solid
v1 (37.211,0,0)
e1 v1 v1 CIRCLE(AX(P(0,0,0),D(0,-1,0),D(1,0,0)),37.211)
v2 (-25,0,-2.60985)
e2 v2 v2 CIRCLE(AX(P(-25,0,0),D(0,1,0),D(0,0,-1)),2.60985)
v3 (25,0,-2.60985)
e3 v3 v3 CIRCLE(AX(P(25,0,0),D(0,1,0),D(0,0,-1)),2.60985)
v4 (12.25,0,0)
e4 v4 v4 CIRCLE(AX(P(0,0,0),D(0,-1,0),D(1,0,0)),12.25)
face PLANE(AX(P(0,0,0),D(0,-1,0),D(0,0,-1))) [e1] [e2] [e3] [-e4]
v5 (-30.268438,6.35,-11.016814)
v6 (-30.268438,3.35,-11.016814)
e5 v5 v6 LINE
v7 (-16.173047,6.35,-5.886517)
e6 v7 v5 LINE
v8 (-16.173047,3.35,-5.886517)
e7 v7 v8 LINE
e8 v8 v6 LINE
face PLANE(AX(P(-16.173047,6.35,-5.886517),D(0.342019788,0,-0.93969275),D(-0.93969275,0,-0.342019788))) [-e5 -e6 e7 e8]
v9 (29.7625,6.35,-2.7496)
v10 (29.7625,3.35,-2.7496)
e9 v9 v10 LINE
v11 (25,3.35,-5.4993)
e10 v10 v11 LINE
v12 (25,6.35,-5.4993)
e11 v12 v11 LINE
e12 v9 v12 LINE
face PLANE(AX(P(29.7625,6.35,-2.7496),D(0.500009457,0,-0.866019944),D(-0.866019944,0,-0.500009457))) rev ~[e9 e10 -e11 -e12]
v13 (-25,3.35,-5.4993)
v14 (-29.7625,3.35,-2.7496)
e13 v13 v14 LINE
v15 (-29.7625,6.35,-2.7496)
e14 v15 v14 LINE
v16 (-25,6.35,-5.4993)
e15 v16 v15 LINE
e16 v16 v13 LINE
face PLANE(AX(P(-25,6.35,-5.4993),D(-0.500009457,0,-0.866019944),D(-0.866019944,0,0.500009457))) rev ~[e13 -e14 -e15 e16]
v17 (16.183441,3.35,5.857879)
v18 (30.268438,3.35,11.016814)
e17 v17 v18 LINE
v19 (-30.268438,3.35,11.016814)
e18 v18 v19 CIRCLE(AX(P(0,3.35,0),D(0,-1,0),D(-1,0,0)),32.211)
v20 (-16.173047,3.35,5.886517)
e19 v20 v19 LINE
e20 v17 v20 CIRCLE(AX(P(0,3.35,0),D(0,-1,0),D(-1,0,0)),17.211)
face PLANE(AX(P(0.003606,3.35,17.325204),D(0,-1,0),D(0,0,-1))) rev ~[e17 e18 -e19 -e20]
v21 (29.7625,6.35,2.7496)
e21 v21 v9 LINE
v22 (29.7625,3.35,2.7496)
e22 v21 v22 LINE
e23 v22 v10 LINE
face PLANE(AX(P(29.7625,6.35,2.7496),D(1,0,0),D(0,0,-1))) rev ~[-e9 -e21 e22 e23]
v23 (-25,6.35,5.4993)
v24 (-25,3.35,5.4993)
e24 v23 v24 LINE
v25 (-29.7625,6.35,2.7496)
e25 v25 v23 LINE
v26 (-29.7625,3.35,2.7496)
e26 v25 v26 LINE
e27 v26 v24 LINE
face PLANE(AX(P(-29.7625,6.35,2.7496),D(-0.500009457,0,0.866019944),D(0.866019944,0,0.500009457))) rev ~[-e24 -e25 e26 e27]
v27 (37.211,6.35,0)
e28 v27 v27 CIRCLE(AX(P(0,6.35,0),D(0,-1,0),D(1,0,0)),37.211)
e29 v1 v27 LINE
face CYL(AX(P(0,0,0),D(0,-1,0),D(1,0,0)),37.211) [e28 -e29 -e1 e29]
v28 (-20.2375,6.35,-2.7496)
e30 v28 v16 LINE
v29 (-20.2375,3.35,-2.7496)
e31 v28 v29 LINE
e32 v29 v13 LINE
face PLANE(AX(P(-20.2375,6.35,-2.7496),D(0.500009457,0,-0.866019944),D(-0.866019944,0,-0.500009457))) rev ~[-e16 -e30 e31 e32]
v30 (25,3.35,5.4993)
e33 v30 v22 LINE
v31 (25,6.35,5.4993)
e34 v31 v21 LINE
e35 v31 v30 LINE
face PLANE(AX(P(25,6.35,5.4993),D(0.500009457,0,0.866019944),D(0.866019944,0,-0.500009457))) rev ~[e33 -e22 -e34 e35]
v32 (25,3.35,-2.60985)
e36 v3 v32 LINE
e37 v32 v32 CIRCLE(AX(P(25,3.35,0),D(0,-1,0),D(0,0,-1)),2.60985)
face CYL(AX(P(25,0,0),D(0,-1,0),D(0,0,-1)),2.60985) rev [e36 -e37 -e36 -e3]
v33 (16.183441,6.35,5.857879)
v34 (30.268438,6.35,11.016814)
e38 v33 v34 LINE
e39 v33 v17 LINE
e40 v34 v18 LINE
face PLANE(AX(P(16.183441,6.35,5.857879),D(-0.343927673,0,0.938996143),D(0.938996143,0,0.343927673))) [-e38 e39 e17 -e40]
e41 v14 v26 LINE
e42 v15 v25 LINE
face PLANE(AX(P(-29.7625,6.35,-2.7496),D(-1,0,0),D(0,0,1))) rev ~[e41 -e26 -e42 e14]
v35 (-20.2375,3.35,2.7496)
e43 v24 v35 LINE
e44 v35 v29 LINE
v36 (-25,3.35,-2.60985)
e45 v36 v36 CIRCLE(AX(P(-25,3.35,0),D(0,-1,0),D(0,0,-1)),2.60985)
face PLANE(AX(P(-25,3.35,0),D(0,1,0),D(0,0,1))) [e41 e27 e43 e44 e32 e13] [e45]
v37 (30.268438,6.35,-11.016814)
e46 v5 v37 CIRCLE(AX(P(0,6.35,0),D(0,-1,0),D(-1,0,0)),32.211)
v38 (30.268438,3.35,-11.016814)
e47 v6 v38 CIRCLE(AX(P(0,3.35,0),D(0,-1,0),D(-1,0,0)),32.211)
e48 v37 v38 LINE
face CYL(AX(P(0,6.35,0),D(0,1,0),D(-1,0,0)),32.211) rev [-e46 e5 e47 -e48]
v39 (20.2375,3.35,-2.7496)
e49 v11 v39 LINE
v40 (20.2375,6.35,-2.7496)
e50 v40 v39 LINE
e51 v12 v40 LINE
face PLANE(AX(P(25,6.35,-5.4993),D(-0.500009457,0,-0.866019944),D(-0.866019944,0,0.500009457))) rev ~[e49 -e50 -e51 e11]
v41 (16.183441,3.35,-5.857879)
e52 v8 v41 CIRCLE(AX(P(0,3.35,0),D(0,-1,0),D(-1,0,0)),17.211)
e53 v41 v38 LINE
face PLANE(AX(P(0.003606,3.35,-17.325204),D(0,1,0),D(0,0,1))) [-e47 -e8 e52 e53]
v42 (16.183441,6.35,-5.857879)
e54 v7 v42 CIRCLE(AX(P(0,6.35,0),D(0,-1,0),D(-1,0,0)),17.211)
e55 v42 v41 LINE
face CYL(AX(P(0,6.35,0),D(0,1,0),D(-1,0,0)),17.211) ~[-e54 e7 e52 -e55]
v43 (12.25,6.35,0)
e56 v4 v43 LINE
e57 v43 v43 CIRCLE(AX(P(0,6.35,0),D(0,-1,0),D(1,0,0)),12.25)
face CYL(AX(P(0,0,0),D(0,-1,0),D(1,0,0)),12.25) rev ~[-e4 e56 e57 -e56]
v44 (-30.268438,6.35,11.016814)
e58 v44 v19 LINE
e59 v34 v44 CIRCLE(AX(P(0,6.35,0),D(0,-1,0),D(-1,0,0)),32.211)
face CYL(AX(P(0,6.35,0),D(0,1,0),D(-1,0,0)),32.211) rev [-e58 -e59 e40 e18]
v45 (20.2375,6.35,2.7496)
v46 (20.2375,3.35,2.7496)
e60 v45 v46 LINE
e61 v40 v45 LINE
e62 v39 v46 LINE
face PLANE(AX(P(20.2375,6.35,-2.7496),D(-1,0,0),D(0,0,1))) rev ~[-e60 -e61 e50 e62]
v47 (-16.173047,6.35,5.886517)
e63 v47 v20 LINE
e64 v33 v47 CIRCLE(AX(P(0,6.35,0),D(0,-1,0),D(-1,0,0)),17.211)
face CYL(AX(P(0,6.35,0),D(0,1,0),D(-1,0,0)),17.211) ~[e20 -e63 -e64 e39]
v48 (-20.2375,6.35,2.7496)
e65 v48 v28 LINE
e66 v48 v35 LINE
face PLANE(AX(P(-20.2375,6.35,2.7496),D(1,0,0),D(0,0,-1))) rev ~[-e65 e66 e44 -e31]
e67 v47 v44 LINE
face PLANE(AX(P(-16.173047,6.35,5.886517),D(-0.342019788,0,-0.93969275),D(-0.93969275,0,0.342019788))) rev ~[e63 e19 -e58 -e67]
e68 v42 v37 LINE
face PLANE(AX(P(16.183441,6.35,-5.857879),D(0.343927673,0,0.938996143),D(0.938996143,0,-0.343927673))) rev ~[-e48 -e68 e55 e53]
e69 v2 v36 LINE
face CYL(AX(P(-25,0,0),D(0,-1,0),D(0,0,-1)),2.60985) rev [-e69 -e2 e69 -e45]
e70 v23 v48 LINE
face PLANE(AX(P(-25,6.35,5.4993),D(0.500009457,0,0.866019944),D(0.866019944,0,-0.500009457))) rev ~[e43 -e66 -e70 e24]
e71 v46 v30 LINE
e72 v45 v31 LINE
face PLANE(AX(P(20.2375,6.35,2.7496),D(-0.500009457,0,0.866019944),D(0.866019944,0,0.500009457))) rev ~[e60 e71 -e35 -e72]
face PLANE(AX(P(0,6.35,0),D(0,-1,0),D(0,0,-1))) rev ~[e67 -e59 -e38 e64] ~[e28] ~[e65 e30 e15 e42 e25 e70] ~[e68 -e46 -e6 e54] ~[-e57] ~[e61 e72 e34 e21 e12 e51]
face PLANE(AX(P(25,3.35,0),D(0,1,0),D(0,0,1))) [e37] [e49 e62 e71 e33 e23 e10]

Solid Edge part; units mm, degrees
sketch "Sketch1" plane through (0, 0, 0) normal (0, -1, 0) x (1, 0, 0)
  circle A0 centre (0, 0) radius 37.211
  circle A1 centre (0, 0) radius 12.25
  dimension "D1" = 74.422
  dimension "D2" = 24.5
extrude "Protrusion1" add sketch "Sketch1" against normal blind 6.35
extrude "Cutout1" [suppressed]
pattern "Pattern1" [suppressed]
hole "Hole_1" at (25, 0, 0) direction (0, 1, 0) diameter 5.2197 end up to next
hole "Hole1" at (-25, 0, 0) direction (0, 1, 0) diameter 5.2197 end up to next
sketch "Sketch2" plane through (0, 6.35, 0) normal (0, 1, 0) x (-1, 0, 0)
  line L0 (25, -5.4993) -> (29.7625, -2.7496)
  line L1 (29.7625, -2.7496) -> (29.7625, 2.7496)
  line L2 (29.7625, 2.7496) -> (25, 5.4993)
  line L3 (25, 5.4993) -> (20.2375, 2.7496)
  line L4 (20.2375, 2.7496) -> (20.2375, -2.7496)
  line L5 (20.2375, -2.7496) -> (25, -5.4993)
  line L6 (-25, -5.4993) -> (-20.2375, -2.7496)
  line L7 (-20.2375, -2.7496) -> (-20.2375, 2.7496)
  line L8 (-20.2375, 2.7496) -> (-25, 5.4993)
  line L9 (-25, 5.4993) -> (-29.7625, 2.7496)
  line L10 (-29.7625, 2.7496) -> (-29.7625, -2.7496)
  line L11 (-29.7625, -2.7496) -> (-25, -5.4993)
  dimension "D1" = 9.525
  dimension "D2" = 9.525
extrude "ExtrudedCutout_2" cut sketch "Sketch2" against normal blind 3
sketch "Sketch3" plane through (0, 6.35, 0) normal (0, 1, 0) x (-1, 0, 0)
  arc A0 (-30.2684, 11.0168) -> (30.2684, 11.0168) centre (0, 0) cw
  line L0 (16.173, 5.8865) -> (30.2684, 11.0168)
  line L1 (-16.1835, 5.8579) -> (-30.2684, 11.0168)
  arc A1 (-16.1834, 5.8579) -> (16.173, 5.8865) centre (0, 0) cw
  line L2 (-16.1835, -5.8579) -> (-30.2684, -11.0168)
  line L3 (16.173, -5.8865) -> (30.2684, -11.0168)
  arc A2 (16.173, -5.8865) -> (-16.1835, -5.8579) centre (0, 0) cw
  arc A3 (30.2684, -11.0168) -> (-30.2684, -11.0168) centre (0, 0) cw
extrude "ExtrudedCutout_3" cut sketch "Sketch3" against normal blind 3
